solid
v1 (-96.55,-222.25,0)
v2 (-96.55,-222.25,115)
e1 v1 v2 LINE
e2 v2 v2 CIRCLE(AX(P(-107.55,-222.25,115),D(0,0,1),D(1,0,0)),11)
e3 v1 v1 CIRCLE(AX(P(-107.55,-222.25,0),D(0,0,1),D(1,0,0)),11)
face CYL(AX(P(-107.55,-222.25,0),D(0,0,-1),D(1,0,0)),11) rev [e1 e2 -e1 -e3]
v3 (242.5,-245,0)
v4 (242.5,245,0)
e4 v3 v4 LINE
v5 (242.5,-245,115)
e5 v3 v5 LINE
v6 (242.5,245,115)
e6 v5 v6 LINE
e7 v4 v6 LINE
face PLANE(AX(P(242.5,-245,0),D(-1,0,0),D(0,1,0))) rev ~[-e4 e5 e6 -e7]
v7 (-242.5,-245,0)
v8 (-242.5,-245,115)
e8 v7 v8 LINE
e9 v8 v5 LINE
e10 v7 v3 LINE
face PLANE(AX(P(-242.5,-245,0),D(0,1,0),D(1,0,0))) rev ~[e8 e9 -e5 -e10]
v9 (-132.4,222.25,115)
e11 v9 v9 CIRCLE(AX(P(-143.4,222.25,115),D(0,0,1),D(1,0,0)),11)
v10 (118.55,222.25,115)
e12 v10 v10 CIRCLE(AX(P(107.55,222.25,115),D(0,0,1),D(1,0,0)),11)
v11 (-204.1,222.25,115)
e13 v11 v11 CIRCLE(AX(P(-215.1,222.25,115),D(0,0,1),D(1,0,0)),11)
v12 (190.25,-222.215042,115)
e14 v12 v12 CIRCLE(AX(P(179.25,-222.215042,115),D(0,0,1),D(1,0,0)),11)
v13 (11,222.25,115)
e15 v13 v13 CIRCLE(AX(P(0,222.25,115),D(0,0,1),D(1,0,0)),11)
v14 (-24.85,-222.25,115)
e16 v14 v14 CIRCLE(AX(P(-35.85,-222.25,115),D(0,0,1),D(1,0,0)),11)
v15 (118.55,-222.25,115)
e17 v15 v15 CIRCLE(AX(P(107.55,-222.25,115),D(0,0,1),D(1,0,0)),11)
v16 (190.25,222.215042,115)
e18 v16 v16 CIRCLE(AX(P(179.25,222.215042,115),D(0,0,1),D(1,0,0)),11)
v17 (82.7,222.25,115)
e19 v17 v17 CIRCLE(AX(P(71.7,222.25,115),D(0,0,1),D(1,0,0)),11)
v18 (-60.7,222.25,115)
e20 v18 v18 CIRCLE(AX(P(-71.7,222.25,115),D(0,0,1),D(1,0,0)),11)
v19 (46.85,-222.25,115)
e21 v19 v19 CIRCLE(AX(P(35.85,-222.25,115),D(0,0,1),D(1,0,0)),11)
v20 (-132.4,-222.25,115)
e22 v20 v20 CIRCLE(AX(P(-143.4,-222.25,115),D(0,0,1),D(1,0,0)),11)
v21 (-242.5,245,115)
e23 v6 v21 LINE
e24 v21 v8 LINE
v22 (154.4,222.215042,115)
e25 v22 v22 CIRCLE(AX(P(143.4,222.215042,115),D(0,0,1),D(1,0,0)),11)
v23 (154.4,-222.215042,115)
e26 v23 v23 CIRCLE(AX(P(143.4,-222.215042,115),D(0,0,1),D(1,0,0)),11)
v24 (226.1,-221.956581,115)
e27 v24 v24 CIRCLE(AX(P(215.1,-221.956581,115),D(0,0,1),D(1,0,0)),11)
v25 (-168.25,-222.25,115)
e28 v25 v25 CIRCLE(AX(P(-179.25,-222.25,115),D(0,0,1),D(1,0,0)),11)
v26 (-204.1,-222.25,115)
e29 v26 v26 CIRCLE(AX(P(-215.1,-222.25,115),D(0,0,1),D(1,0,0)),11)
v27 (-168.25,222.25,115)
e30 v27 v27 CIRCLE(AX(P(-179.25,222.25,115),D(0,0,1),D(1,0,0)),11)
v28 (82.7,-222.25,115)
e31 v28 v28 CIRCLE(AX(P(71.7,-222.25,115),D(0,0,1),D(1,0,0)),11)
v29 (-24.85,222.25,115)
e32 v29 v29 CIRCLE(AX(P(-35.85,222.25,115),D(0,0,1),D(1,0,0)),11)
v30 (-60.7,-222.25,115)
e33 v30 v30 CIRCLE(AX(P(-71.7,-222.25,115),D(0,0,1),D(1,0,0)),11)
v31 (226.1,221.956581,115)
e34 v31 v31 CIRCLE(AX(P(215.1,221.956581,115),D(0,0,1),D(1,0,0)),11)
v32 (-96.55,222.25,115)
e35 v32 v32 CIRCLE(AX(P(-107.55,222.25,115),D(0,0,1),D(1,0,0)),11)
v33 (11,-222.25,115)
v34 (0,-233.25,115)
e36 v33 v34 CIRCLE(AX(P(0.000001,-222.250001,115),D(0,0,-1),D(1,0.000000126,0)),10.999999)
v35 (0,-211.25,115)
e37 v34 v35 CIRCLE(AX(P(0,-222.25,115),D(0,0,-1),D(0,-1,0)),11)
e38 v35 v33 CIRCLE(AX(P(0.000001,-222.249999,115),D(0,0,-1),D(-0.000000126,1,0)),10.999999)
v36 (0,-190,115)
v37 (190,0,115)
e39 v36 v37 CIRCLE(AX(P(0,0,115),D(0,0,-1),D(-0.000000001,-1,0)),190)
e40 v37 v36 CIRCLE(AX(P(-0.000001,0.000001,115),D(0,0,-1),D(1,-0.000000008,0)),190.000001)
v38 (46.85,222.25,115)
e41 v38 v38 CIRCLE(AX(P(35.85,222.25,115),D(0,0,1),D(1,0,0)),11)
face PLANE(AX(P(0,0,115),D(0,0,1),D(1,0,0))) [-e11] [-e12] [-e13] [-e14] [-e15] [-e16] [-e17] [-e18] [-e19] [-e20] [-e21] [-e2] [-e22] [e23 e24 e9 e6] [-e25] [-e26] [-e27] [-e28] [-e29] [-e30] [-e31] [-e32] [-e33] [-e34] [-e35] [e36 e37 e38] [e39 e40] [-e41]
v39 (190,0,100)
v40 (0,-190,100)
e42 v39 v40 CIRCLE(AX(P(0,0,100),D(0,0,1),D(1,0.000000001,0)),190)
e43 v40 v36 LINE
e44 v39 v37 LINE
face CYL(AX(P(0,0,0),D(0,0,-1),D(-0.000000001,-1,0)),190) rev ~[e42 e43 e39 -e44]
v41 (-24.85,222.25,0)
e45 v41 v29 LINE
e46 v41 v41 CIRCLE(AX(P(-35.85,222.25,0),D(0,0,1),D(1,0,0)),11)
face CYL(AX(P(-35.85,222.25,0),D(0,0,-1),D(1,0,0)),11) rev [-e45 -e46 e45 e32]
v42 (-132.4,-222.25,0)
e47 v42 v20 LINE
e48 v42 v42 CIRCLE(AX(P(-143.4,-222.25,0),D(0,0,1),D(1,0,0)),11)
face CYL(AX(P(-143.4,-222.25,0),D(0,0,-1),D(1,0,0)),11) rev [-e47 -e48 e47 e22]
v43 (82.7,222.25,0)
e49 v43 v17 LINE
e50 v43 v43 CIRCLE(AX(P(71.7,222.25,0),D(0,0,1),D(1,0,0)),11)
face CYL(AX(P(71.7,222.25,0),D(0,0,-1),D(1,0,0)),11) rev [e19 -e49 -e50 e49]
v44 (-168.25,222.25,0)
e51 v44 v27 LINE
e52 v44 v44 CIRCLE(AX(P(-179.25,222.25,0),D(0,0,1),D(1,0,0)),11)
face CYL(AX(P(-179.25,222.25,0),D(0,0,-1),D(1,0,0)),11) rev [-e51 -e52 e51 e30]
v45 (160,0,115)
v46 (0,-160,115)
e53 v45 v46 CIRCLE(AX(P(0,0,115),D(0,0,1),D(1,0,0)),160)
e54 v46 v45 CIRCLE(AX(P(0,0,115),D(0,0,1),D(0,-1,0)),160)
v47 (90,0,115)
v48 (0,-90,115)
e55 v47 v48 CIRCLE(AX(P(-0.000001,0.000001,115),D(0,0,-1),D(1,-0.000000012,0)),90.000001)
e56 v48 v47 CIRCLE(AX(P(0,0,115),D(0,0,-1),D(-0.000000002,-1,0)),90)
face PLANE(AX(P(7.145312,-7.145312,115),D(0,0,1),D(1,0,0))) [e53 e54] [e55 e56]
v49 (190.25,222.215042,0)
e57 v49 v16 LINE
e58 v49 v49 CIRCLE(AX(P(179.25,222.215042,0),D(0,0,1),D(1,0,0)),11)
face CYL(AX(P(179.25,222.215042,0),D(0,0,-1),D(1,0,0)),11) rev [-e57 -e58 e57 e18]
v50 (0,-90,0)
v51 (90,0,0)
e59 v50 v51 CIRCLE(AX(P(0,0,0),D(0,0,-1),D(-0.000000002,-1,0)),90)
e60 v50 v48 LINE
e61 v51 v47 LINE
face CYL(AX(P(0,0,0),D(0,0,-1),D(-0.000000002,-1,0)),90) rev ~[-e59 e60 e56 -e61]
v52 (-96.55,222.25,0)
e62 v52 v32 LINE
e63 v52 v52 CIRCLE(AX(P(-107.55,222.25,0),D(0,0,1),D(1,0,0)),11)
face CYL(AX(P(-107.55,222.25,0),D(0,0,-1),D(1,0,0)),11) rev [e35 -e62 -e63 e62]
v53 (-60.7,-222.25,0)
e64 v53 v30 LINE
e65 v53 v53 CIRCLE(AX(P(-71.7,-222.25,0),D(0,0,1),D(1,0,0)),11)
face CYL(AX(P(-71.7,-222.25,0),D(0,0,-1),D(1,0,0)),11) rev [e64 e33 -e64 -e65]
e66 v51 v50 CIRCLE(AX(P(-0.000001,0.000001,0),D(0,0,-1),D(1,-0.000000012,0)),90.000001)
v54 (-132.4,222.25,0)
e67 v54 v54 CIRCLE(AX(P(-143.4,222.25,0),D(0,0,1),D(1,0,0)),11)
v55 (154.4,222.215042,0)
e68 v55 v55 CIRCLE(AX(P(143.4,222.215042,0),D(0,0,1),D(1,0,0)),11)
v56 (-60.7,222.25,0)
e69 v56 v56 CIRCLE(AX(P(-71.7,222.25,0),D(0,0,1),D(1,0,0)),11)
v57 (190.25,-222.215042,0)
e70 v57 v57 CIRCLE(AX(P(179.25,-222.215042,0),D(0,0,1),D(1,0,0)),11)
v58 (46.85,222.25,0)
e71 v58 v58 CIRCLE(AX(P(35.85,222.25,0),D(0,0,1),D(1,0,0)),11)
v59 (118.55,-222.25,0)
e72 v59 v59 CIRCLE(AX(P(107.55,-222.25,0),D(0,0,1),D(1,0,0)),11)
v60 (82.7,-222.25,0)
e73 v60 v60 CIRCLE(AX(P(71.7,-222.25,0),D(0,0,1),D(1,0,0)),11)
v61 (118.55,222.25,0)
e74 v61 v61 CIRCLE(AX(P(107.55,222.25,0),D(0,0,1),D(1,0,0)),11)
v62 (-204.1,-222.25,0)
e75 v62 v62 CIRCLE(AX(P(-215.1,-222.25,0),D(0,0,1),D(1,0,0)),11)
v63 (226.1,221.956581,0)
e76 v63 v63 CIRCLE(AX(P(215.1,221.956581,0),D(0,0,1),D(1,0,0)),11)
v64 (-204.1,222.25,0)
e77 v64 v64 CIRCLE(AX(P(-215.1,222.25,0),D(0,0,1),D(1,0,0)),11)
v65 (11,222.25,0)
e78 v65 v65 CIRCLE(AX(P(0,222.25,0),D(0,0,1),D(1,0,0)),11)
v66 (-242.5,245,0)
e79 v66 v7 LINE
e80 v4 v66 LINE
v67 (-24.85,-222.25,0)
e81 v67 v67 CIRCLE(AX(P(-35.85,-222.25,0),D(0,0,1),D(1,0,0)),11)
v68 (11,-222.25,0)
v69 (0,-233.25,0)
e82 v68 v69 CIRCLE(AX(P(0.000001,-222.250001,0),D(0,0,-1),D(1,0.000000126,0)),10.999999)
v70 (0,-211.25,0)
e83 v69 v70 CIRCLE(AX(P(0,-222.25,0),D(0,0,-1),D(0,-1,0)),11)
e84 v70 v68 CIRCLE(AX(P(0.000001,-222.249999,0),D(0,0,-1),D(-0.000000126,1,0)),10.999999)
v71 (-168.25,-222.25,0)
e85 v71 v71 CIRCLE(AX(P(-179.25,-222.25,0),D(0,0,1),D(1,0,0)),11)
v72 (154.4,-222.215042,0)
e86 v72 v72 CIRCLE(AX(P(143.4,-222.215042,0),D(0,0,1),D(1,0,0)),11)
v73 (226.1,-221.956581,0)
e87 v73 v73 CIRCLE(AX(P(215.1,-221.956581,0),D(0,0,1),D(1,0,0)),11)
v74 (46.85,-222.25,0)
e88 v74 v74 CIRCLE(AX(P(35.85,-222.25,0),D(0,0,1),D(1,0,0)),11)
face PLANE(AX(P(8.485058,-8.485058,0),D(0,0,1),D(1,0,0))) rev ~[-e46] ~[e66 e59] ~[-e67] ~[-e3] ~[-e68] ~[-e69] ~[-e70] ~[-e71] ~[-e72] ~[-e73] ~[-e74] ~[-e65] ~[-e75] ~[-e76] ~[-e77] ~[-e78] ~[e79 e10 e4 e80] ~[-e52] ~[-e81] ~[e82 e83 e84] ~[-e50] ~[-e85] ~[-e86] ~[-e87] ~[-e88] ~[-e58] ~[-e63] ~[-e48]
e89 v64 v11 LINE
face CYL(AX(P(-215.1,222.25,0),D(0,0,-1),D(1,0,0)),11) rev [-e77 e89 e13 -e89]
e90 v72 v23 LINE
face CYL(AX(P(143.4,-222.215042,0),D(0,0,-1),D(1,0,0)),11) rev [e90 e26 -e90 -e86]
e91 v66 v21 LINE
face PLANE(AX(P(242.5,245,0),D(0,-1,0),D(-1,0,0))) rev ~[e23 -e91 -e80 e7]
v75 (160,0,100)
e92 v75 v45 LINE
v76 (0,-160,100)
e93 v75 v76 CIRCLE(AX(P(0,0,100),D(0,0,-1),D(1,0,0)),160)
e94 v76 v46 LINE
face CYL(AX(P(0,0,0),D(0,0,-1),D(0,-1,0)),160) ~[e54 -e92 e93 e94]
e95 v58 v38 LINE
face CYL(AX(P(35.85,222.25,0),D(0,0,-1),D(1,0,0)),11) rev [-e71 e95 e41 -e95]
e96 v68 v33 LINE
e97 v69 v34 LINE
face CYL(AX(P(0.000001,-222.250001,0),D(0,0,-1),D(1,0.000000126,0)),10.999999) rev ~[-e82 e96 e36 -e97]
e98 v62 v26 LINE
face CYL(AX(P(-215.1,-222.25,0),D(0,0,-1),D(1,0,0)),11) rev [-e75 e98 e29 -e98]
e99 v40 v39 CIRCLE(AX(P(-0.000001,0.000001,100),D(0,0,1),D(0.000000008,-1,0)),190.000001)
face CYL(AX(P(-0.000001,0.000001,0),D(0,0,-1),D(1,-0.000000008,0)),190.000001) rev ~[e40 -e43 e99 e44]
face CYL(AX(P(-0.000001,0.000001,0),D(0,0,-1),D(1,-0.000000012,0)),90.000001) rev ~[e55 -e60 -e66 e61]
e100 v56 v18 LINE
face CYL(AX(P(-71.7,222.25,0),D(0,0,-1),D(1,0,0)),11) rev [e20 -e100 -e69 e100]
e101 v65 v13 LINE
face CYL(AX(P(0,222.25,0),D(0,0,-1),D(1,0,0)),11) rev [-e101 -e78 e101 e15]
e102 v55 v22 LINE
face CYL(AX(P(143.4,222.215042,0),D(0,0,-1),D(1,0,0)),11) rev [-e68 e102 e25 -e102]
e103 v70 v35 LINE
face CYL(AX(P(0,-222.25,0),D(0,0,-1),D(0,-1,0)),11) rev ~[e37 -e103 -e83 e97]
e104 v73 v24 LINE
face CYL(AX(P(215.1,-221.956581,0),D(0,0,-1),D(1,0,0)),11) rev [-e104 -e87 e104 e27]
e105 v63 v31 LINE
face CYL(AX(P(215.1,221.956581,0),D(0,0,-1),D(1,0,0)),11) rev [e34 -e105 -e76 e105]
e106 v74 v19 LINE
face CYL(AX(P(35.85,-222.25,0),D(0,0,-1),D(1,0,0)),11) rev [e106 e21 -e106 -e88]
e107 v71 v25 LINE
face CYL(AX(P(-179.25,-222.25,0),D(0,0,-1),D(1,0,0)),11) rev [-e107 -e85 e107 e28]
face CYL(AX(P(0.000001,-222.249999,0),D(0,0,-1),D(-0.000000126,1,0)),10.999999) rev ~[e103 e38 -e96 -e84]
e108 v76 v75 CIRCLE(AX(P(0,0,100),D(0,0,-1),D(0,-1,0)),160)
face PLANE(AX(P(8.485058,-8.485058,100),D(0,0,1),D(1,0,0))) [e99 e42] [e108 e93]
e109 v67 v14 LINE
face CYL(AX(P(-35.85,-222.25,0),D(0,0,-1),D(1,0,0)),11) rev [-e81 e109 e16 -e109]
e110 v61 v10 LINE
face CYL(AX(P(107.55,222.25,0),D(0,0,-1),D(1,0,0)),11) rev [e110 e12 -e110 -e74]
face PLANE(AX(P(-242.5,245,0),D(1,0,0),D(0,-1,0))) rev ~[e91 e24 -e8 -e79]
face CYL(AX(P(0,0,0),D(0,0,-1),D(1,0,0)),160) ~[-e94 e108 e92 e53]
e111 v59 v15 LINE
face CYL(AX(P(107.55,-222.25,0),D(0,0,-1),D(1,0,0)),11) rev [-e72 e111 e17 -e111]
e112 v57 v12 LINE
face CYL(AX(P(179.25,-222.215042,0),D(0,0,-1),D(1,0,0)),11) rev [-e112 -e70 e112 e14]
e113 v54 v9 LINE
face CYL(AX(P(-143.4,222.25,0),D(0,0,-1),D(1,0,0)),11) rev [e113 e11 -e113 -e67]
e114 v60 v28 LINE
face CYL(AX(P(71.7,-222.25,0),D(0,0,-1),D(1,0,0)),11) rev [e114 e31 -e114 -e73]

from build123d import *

# Parameters (mm, degrees)
F0_R     = 11
F1_DEPTH = 115
F2_DEPTH = 115
F3_DEPTH = 100


with BuildPart() as f1:
    # F0 (on Top) → F1 (new body)
    with BuildSketch(Plane.XY):
        Polygon((0, -245), (242.5, -245), (242.5, 245), (-242.5, 245), (-242.5, -245), align=None)
        with Locations((-215.1, -222.25)):
            Circle(F0_R, mode=Mode.SUBTRACT)
        with Locations((-179.25, -222.25)):
            Circle(F0_R, mode=Mode.SUBTRACT)
        with Locations((-143.4, -222.25)):
            Circle(F0_R, mode=Mode.SUBTRACT)
        with Locations((-107.55, -222.25)):
            Circle(F0_R, mode=Mode.SUBTRACT)
        with Locations((-71.7, -222.25)):
            Circle(F0_R, mode=Mode.SUBTRACT)
        with Locations((-35.85, -222.25)):
            Circle(F0_R, mode=Mode.SUBTRACT)
        with BuildLine():
            ThreePointArc((11, -222.25), (7.778175, -230.028175), (0, -233.25))
            ThreePointArc((0, -233.25), (-11, -222.25), (0, -211.25))
            ThreePointArc((0, -211.25), (7.778175, -214.471825), (11, -222.25))
        make_face(mode=Mode.SUBTRACT)
        with Locations((35.85, -222.25)):
            Circle(F0_R, mode=Mode.SUBTRACT)
        with Locations((71.7, -222.25)):
            Circle(F0_R, mode=Mode.SUBTRACT)
        with Locations((107.55, -222.25)):
            Circle(F0_R, mode=Mode.SUBTRACT)
        with Locations((143.4, -222.215042)):
            Circle(F0_R, mode=Mode.SUBTRACT)
        with Locations((179.25, -222.215042)):
            Circle(F0_R, mode=Mode.SUBTRACT)
        with Locations((215.1, -221.956581)):
            Circle(F0_R, mode=Mode.SUBTRACT)
        with Locations((-215.1, 222.25)):
            Circle(F0_R, mode=Mode.SUBTRACT)
        with Locations((-179.25, 222.25)):
            Circle(F0_R, mode=Mode.SUBTRACT)
        with Locations((-143.4, 222.25)):
            Circle(F0_R, mode=Mode.SUBTRACT)
        with Locations((-107.55, 222.25)):
            Circle(F0_R, mode=Mode.SUBTRACT)
        with Locations((-71.7, 222.25)):
            Circle(F0_R, mode=Mode.SUBTRACT)
        with Locations((-35.85, 222.25)):
            Circle(F0_R, mode=Mode.SUBTRACT)
        with BuildLine():
            ThreePointArc((190, 0), (134.350288, -134.350288), (0, -190))
            ThreePointArc((0, -190), (-134.350288, 134.350288), (190, 0))
        make_face(mode=Mode.SUBTRACT)
        with Locations((0, 222.25)):
            Circle(F0_R, mode=Mode.SUBTRACT)
        with Locations((35.85, 222.25)):
            Circle(F0_R, mode=Mode.SUBTRACT)
        with Locations((71.7, 222.25)):
            Circle(F0_R, mode=Mode.SUBTRACT)
        with Locations((107.55, 222.25)):
            Circle(F0_R, mode=Mode.SUBTRACT)
        with Locations((143.4, 222.215042)):
            Circle(F0_R, mode=Mode.SUBTRACT)
        with Locations((179.25, 222.215042)):
            Circle(F0_R, mode=Mode.SUBTRACT)
        with Locations((215.1, 221.956581)):
            Circle(F0_R, mode=Mode.SUBTRACT)
    extrude(amount=F1_DEPTH)



with BuildPart() as f2:
    # F0 (on Top) → F2 (new body)
    with BuildSketch(Plane.XY):
        with BuildLine():
            ThreePointArc((160, 0), (-113.137085, 113.137085), (0, -160))
            ThreePointArc((0, -160), (113.137085, -113.137085), (160, 0))
        make_face()
        with BuildLine():
            ThreePointArc((90, 0), (63.63961, -63.63961), (0, -90))
            ThreePointArc((0, -90), (-63.63961, 63.63961), (90, 0))
        make_face(mode=Mode.SUBTRACT)
    extrude(amount=F2_DEPTH)


with BuildPart() as f1_1:
    add(f1.part)

    add(f2.part)  # F3 merges F2
    # F0 (on Top) → F3 (join)
    with BuildSketch(Plane.XY):
        with BuildLine():
            ThreePointArc((190, 0), (-134.350288, 134.350288), (0, -190))
            ThreePointArc((0, -190), (134.350288, -134.350288), (190, 0))
        make_face()
        with BuildLine():
            ThreePointArc((160, 0), (113.137085, -113.137085), (0, -160))
            ThreePointArc((0, -160), (-113.137085, 113.137085), (160, 0))
        make_face(mode=Mode.SUBTRACT)
    extrude(amount=F3_DEPTH)


solid = f1_1.part
